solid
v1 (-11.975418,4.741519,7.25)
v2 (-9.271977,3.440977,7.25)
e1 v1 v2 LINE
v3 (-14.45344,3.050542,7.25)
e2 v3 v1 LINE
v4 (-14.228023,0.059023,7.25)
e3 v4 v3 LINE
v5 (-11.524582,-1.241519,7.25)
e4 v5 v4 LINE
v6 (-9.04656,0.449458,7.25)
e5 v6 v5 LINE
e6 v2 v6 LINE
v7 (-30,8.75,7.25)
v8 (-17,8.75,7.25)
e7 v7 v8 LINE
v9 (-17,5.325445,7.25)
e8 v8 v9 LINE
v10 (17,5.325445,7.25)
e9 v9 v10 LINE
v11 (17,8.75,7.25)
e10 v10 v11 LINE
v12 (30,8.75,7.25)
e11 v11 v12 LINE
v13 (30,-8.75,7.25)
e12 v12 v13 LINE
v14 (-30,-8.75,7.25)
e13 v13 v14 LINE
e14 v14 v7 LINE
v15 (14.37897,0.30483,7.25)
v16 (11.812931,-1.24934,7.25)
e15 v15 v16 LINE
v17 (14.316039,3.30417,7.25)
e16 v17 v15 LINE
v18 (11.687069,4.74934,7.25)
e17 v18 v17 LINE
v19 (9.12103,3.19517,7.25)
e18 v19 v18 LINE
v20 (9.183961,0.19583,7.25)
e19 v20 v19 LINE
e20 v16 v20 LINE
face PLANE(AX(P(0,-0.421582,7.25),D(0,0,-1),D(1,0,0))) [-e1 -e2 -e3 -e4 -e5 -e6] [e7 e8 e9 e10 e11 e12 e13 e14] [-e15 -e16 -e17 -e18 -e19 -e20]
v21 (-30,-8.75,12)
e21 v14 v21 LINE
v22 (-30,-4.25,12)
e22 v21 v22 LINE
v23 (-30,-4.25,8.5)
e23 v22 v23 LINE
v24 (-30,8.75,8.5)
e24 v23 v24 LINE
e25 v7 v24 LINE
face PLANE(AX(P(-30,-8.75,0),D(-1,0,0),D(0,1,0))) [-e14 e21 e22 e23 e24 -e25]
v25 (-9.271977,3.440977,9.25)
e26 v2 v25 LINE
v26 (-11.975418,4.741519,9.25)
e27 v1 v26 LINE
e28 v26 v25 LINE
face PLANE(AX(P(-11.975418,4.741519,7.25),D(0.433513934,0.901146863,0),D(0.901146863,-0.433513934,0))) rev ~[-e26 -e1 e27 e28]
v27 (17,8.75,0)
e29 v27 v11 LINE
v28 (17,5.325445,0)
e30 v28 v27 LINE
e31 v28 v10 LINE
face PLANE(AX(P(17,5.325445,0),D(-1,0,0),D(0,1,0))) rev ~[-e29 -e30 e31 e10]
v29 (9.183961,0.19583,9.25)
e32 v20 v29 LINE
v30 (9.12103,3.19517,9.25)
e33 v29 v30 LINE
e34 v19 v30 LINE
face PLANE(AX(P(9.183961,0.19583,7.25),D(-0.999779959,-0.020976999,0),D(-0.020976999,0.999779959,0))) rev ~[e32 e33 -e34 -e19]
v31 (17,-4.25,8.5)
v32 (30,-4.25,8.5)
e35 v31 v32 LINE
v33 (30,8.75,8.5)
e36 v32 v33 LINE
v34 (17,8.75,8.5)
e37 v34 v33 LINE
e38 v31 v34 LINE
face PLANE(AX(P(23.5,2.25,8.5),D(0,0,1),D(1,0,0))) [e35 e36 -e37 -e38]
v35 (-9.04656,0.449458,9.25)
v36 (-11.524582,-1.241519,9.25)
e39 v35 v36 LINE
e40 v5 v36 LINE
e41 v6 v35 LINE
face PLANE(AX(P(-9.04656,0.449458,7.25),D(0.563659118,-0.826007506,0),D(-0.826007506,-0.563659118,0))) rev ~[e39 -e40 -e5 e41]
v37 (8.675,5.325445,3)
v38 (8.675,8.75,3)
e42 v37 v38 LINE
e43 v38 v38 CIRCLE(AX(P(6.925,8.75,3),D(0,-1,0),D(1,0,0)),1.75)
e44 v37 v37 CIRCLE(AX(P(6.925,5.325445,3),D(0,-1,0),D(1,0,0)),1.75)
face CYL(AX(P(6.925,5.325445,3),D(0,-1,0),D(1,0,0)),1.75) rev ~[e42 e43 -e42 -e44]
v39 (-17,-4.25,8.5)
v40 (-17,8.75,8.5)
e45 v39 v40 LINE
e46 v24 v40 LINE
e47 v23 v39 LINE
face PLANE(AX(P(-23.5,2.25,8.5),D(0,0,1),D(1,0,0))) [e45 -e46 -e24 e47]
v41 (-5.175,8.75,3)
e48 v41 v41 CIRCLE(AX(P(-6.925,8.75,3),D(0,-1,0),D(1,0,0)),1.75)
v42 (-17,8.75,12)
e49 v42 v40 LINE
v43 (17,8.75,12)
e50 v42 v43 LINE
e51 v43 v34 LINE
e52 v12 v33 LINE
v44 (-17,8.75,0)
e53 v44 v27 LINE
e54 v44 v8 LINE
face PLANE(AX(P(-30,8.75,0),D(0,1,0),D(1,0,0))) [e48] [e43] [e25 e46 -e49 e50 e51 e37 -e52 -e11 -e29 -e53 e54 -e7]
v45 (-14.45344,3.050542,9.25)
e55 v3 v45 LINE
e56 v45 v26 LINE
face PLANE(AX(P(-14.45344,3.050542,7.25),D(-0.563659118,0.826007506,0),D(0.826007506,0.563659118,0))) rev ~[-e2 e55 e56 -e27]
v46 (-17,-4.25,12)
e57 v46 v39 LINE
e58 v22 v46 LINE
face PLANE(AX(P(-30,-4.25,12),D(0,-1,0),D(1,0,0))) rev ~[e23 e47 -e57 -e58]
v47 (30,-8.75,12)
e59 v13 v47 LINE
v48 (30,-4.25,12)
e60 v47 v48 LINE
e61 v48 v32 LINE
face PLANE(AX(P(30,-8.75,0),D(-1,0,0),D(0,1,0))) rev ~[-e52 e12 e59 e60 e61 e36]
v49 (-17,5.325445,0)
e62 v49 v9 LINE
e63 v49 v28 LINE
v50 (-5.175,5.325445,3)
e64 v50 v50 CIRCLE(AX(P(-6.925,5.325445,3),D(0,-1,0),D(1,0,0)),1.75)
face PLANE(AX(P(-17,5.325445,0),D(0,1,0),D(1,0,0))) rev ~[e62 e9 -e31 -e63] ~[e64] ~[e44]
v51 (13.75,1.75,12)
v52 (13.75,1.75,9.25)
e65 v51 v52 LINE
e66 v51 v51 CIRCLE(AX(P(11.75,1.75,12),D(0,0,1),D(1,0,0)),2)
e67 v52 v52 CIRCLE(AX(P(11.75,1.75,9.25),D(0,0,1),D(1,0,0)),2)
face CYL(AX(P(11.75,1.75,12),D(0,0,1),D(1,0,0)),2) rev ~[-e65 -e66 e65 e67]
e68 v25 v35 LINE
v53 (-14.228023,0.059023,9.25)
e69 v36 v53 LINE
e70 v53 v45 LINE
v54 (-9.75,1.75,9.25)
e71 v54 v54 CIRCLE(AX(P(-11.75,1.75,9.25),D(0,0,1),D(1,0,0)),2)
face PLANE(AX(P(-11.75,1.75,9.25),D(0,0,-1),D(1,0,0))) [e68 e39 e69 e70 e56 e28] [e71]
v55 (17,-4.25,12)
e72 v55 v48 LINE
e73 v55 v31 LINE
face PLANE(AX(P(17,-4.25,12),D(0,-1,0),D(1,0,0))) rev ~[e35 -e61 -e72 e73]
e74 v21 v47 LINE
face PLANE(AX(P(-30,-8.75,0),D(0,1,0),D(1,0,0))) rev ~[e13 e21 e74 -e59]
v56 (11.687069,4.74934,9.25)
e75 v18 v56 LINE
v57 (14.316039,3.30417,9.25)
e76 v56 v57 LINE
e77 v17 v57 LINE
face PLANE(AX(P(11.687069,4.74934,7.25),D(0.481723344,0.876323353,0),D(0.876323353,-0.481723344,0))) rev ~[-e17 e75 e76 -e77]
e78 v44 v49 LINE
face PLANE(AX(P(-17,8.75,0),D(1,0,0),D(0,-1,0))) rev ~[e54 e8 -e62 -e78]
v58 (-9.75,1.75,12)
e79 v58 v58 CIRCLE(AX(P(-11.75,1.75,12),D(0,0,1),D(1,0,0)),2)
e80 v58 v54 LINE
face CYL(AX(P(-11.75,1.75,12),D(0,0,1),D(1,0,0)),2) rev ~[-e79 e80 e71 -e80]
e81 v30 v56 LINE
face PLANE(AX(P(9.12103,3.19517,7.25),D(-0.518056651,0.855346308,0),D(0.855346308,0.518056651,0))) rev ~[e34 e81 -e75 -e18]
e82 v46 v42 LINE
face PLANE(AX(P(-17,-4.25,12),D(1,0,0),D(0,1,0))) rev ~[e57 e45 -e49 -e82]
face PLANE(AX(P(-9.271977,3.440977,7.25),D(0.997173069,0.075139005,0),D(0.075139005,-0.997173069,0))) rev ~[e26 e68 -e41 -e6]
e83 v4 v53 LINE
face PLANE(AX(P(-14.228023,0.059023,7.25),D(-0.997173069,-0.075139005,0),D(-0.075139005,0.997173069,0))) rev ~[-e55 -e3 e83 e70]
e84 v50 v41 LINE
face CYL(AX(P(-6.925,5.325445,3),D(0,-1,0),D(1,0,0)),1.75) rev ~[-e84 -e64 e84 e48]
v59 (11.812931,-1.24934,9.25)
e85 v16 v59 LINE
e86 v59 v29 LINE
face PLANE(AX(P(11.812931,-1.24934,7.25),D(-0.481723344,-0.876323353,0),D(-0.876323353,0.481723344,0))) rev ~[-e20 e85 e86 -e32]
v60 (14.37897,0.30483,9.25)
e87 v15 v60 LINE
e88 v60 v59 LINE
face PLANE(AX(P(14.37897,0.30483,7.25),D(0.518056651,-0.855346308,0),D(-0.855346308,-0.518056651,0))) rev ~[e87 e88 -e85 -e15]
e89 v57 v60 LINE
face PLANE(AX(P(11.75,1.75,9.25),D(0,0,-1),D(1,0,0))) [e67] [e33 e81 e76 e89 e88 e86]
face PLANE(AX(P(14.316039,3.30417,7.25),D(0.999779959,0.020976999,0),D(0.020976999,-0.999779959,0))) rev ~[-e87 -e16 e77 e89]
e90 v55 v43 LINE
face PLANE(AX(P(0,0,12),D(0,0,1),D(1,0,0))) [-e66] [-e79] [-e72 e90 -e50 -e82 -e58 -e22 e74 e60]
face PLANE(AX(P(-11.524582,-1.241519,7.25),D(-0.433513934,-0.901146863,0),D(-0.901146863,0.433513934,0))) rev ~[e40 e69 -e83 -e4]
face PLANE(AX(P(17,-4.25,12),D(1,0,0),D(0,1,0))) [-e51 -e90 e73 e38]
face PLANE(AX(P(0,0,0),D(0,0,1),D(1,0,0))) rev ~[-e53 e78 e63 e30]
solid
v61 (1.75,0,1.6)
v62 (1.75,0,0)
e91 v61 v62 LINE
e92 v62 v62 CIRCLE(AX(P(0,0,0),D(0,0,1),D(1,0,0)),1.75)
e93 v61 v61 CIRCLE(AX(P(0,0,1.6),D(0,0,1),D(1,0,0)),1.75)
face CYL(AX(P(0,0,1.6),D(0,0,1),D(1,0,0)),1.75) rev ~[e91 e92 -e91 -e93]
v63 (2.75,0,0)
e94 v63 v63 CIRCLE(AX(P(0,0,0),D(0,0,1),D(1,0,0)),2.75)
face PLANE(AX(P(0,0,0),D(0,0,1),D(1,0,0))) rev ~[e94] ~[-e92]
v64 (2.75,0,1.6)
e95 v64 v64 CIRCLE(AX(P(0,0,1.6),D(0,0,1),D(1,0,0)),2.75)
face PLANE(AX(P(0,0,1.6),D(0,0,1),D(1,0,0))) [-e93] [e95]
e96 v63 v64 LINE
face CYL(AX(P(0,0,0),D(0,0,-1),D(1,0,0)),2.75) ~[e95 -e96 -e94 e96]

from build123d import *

# Parameters (mm, degrees)
SKETCH_W        = 60
SKETCH_H        = 17.5
PAD_DEPTH       = 12
SKETCH001_R     = 2
POCKET_DEPTH    = 12.001
SKETCH002_W     = 13
SKETCH002_H     = 13
POCKET001_DEPTH = 3.5
POCKET002_DEPTH = 7.25
POCKET003_DEPTH = 2
SKETCH005_R     = 1.75
POCKET004_DEPTH = 5
SKETCH006_R     = 2.75
PAD001_DEPTH    = 1.6
SKETCH007_R     = 1.75
POCKET005_DEPTH = 5


with BuildPart() as body:
    # Sketch → Pad (new body)
    with BuildSketch(Plane.XY):
        Rectangle(SKETCH_W, SKETCH_H)
    extrude(amount=PAD_DEPTH)

    # Sketch001 (on Face6 of Pad) → Pocket (cut, through all)
    with BuildSketch(Plane.XY.offset(12)):
        with Locations((-11.75, 1.75)):
            Circle(SKETCH001_R)
        with Locations((11.75, 1.75)):
            Circle(SKETCH001_R)
    extrude(amount=-POCKET_DEPTH, mode=Mode.SUBTRACT)

    # Sketch002 (on Face5 of Pocket) → Pocket001 (cut)
    with BuildSketch(Plane.XY.offset(12)):
        with Locations((-23.5, 2.25)):
            Rectangle(SKETCH002_W, SKETCH002_H)
        with Locations((23.5, 2.25)):
            Rectangle(SKETCH002_W, SKETCH002_H)
    extrude(amount=-POCKET001_DEPTH, mode=Mode.SUBTRACT)

    # Sketch003 (on Face2 of Pocket001) → Pocket002 (cut)
    with BuildSketch(Plane(origin=(0, 0, 0), x_dir=(1, 0, 0), z_dir=(0, 0, -1))):
        Polygon((-30, 8.75), (-30, -8.75), (-17, -8.75), (-17, -5.325445), (17, -5.325445), (17, -8.75), (30, -8.75), (30, 8.75), align=None)
    extrude(amount=-POCKET002_DEPTH, mode=Mode.SUBTRACT)

    # Sketch004 (on Face2 of Pocket002) → Pocket003 (cut)
    with BuildSketch(Plane(origin=(0, 0, 7.25), x_dir=(1, 0, 0), z_dir=(0, 0, -1))):
        Polygon((-9.271977, -3.440977), (-9.04656, -0.449458), (-11.524582, 1.241519), (-14.228023, -0.059023), (-14.45344, -3.050542), (-11.975418, -4.741519), align=None)
        Polygon((14.316039, -3.30417), (14.37897, -0.30483), (11.812931, 1.24934), (9.183961, -0.19583), (9.12103, -3.19517), (11.687069, -4.74934), align=None)
    extrude(amount=-POCKET003_DEPTH, mode=Mode.SUBTRACT)

    # Sketch005 (on Face10 of Pocket003) → Pocket004 (cut)
    with BuildSketch(Plane.XZ.offset(-5.325445)):
        with Locations((-6.925, 3)):
            Circle(SKETCH005_R)
        with Locations((6.925, 3)):
            Circle(SKETCH005_R)
    extrude(amount=-POCKET004_DEPTH, mode=Mode.SUBTRACT)


with BuildPart() as washer:
    # Sketch006 → Pad001 (new body)
    with BuildSketch(Plane.XY):
        Circle(SKETCH006_R)
    extrude(amount=PAD001_DEPTH)

    # Sketch007 (on Face3 of Pad001) → Pocket005 (cut)
    with BuildSketch(Plane.XY.offset(1.6)):
        Circle(SKETCH007_R)
    extrude(amount=-POCKET005_DEPTH, mode=Mode.SUBTRACT)


solid = Compound([body.part, washer.part])
